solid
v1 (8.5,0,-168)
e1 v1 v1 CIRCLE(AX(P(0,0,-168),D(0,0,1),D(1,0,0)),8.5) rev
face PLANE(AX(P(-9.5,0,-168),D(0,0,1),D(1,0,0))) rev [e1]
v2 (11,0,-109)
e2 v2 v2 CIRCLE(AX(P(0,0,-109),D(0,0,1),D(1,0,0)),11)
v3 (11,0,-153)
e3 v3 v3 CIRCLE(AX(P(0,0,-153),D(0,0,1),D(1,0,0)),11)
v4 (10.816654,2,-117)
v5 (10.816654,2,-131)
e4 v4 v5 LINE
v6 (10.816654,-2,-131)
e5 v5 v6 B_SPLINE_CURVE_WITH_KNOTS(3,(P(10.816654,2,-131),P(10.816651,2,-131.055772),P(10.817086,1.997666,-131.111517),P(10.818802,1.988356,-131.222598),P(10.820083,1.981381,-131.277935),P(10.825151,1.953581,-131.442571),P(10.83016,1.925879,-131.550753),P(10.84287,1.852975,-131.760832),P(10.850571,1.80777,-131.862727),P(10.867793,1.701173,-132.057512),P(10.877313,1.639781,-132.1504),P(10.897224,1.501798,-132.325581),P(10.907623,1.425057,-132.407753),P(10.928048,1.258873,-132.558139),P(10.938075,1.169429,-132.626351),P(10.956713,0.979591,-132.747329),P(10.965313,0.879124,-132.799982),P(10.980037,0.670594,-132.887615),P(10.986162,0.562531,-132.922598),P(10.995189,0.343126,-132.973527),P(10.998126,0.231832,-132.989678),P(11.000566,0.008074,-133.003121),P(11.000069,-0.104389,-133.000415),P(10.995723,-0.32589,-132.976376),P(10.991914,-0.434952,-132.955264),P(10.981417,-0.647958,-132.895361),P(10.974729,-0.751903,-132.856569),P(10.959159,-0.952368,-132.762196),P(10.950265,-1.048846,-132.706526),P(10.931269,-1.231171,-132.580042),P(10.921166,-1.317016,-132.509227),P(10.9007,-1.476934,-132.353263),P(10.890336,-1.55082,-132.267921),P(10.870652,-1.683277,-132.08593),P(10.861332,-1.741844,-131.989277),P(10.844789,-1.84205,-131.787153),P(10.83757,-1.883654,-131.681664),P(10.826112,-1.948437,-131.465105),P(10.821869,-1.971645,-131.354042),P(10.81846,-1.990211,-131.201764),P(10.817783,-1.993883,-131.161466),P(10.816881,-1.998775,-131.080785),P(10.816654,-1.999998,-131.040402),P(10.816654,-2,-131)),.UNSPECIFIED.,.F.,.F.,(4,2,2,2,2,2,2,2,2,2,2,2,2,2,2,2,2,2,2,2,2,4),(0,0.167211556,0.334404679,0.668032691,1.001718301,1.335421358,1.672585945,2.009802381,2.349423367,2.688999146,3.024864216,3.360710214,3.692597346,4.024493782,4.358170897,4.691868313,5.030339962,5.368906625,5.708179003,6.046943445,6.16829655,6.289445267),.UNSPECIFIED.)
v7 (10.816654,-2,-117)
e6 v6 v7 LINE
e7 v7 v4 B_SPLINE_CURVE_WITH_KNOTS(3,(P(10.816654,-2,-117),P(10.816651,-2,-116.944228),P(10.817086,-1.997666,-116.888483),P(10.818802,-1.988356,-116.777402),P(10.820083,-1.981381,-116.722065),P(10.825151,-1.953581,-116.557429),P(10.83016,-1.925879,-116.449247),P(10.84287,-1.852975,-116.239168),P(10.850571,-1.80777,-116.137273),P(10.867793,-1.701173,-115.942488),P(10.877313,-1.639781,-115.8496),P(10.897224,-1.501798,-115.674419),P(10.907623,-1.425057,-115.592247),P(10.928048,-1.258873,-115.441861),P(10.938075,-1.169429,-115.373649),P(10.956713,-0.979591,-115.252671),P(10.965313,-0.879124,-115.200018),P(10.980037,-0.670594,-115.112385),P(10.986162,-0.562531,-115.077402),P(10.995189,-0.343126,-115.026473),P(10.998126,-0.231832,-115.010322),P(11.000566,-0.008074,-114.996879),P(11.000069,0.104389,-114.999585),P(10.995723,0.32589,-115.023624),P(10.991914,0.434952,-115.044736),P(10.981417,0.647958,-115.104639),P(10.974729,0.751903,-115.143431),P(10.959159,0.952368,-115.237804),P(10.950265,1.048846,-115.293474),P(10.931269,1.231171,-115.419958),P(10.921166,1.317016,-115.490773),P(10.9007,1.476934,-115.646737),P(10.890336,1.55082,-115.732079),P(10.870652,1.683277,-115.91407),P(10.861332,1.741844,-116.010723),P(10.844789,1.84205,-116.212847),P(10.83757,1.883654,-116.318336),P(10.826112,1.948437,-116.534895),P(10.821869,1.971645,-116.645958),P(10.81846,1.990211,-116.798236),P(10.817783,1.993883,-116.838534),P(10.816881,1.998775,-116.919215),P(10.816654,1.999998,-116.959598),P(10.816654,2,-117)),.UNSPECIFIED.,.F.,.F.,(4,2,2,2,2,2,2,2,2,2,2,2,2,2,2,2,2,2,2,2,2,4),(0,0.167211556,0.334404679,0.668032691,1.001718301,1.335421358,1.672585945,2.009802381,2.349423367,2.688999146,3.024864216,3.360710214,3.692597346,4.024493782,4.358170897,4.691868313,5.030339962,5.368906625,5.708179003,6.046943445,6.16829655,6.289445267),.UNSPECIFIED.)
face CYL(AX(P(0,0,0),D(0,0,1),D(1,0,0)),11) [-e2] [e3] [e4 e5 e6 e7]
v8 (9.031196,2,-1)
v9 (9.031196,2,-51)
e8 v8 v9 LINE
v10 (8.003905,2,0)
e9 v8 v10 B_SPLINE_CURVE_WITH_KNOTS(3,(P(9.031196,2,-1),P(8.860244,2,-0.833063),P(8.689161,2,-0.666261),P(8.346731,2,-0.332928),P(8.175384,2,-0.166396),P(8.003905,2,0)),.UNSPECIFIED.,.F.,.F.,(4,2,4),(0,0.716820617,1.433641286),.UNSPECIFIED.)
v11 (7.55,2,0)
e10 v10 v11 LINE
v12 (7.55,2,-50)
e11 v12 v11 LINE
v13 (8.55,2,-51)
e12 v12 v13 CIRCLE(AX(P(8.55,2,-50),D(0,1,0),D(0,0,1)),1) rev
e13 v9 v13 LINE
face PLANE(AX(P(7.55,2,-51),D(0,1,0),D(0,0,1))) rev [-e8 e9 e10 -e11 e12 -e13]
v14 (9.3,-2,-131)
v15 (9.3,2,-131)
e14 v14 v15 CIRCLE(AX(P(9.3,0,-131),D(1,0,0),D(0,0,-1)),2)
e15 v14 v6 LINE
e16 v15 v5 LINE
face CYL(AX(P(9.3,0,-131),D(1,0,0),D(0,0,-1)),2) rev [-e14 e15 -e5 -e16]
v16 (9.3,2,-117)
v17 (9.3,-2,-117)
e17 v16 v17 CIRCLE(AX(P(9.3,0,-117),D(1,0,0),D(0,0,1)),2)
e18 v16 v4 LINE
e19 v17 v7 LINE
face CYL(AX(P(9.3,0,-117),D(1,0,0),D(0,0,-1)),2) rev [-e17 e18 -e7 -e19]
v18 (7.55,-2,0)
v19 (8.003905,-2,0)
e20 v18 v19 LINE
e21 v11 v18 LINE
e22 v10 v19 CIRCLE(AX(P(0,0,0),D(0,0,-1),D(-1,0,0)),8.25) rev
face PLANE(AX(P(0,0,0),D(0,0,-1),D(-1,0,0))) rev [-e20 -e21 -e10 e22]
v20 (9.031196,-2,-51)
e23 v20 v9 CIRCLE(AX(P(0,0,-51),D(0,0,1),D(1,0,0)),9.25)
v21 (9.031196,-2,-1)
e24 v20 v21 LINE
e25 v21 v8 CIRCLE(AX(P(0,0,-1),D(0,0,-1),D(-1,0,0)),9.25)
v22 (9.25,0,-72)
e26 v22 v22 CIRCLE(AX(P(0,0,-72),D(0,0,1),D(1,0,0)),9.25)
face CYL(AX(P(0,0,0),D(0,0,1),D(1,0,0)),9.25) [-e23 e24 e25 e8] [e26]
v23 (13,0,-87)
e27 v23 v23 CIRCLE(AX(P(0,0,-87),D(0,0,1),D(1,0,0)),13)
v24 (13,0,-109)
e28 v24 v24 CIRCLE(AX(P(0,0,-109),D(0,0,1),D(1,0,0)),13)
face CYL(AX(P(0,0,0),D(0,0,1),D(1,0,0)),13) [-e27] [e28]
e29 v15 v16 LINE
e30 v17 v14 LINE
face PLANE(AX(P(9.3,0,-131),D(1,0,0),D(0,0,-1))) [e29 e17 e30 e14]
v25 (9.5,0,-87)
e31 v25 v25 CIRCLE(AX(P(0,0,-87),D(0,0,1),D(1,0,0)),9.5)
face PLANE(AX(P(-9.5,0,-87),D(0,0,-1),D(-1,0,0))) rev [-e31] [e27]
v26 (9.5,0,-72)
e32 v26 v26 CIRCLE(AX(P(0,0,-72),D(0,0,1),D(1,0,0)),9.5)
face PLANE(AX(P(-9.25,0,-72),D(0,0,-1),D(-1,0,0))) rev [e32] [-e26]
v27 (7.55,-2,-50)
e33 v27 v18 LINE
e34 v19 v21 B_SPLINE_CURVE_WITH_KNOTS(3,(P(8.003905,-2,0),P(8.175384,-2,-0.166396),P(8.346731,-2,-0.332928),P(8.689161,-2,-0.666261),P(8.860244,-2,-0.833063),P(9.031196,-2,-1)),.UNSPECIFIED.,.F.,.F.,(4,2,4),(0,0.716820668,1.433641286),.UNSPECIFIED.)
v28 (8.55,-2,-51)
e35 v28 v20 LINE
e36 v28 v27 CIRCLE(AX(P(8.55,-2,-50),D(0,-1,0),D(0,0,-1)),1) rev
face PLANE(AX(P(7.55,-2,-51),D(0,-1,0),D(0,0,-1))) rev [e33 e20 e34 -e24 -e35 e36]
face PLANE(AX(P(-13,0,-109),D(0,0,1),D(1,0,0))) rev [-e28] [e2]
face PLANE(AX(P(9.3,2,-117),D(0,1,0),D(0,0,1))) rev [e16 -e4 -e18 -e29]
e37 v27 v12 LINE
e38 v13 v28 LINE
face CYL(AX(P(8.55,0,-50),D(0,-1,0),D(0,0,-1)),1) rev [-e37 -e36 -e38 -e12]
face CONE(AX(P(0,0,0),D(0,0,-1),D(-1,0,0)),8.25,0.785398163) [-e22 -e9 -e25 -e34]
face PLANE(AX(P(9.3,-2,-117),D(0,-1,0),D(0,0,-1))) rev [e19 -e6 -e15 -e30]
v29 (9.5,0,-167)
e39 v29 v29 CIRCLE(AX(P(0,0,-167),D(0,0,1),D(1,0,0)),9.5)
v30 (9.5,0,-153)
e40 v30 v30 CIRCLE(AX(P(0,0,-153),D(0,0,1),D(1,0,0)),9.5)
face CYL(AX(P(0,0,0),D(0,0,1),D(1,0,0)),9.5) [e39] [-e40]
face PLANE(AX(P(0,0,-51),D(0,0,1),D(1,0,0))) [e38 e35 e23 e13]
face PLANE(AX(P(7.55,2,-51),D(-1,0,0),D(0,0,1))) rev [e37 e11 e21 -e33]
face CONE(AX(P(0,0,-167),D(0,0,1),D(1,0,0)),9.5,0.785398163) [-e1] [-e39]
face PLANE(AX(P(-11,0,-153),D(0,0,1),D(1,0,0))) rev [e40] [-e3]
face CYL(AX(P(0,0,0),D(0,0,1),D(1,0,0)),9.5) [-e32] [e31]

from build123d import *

# Parameters (mm, degrees)
SKETCH3_W          = 4.079746654
SKETCH3_H          = 4
CUT_EXTRUDE1_DEPTH = 51
CUT_EXTRUDE2_START = 11
CUT_EXTRUDE2_DEPTH = 1.7
CHAMFER1_SIZE      = 1
FILLET1_R          = 1


with BuildPart() as part:
    # Sketch2 → Revolve1 (revolve)
    with BuildSketch(Plane(origin=(0, 0, 0), x_dir=(1, 0, 0), z_dir=(0, 1, 0)), mode=Mode.PRIVATE) as revolve1_sk:
        Polygon((0, 0), (-9.25, 0), (-9.25, 72), (-9.5, 72), (-9.5, 87), (-13, 87), (-13, 109), (-11, 109), (-11, 153), (-9.5, 153), (-9.5, 168), (0, 168), align=None)
    revolve(revolve1_sk.sketch.rotate(Axis((0, 0, 0), (0, 0, -1)), 180), axis=Axis((0, 0, 0), (0, 0, -1)))

    # Sketch3 → Cut-Extrude1 (cut)
    with BuildSketch(Plane.XY):
        with Locations((9.589873327, 0)):
            Rectangle(SKETCH3_W, SKETCH3_H)
    extrude(amount=-CUT_EXTRUDE1_DEPTH, mode=Mode.SUBTRACT)

    # Sketch4 → Cut-Extrude2 (cut)
    with BuildSketch(Plane(origin=(0, 0, 0), x_dir=(0, 0, -1), z_dir=(1, 0, 0)).offset(CUT_EXTRUDE2_START)):
        with BuildLine():
            Line((117, 2), (131, 2))
            ThreePointArc((131, 2), (133, 0), (131, -2))
            Line((131, -2), (117, -2))
            ThreePointArc((117, -2), (115, 0), (117, 2))
        make_face()
    extrude(amount=-CUT_EXTRUDE2_DEPTH, mode=Mode.SUBTRACT)

    # Chamfer1
    chamfer1_edges = [part.edges().sort_by_distance(p)[0] for p in [
        (-9.25, 0, 0),
        (-9.5, 0, -168),
    ]]
    chamfer(chamfer1_edges, length=CHAMFER1_SIZE)

    # Fillet1
    fillet1_edges = [part.edges().sort_by_distance(p)[0] for p in [
        (7.55, 0, -51),
    ]]
    fillet(fillet1_edges, radius=FILLET1_R)


solid = part.part
